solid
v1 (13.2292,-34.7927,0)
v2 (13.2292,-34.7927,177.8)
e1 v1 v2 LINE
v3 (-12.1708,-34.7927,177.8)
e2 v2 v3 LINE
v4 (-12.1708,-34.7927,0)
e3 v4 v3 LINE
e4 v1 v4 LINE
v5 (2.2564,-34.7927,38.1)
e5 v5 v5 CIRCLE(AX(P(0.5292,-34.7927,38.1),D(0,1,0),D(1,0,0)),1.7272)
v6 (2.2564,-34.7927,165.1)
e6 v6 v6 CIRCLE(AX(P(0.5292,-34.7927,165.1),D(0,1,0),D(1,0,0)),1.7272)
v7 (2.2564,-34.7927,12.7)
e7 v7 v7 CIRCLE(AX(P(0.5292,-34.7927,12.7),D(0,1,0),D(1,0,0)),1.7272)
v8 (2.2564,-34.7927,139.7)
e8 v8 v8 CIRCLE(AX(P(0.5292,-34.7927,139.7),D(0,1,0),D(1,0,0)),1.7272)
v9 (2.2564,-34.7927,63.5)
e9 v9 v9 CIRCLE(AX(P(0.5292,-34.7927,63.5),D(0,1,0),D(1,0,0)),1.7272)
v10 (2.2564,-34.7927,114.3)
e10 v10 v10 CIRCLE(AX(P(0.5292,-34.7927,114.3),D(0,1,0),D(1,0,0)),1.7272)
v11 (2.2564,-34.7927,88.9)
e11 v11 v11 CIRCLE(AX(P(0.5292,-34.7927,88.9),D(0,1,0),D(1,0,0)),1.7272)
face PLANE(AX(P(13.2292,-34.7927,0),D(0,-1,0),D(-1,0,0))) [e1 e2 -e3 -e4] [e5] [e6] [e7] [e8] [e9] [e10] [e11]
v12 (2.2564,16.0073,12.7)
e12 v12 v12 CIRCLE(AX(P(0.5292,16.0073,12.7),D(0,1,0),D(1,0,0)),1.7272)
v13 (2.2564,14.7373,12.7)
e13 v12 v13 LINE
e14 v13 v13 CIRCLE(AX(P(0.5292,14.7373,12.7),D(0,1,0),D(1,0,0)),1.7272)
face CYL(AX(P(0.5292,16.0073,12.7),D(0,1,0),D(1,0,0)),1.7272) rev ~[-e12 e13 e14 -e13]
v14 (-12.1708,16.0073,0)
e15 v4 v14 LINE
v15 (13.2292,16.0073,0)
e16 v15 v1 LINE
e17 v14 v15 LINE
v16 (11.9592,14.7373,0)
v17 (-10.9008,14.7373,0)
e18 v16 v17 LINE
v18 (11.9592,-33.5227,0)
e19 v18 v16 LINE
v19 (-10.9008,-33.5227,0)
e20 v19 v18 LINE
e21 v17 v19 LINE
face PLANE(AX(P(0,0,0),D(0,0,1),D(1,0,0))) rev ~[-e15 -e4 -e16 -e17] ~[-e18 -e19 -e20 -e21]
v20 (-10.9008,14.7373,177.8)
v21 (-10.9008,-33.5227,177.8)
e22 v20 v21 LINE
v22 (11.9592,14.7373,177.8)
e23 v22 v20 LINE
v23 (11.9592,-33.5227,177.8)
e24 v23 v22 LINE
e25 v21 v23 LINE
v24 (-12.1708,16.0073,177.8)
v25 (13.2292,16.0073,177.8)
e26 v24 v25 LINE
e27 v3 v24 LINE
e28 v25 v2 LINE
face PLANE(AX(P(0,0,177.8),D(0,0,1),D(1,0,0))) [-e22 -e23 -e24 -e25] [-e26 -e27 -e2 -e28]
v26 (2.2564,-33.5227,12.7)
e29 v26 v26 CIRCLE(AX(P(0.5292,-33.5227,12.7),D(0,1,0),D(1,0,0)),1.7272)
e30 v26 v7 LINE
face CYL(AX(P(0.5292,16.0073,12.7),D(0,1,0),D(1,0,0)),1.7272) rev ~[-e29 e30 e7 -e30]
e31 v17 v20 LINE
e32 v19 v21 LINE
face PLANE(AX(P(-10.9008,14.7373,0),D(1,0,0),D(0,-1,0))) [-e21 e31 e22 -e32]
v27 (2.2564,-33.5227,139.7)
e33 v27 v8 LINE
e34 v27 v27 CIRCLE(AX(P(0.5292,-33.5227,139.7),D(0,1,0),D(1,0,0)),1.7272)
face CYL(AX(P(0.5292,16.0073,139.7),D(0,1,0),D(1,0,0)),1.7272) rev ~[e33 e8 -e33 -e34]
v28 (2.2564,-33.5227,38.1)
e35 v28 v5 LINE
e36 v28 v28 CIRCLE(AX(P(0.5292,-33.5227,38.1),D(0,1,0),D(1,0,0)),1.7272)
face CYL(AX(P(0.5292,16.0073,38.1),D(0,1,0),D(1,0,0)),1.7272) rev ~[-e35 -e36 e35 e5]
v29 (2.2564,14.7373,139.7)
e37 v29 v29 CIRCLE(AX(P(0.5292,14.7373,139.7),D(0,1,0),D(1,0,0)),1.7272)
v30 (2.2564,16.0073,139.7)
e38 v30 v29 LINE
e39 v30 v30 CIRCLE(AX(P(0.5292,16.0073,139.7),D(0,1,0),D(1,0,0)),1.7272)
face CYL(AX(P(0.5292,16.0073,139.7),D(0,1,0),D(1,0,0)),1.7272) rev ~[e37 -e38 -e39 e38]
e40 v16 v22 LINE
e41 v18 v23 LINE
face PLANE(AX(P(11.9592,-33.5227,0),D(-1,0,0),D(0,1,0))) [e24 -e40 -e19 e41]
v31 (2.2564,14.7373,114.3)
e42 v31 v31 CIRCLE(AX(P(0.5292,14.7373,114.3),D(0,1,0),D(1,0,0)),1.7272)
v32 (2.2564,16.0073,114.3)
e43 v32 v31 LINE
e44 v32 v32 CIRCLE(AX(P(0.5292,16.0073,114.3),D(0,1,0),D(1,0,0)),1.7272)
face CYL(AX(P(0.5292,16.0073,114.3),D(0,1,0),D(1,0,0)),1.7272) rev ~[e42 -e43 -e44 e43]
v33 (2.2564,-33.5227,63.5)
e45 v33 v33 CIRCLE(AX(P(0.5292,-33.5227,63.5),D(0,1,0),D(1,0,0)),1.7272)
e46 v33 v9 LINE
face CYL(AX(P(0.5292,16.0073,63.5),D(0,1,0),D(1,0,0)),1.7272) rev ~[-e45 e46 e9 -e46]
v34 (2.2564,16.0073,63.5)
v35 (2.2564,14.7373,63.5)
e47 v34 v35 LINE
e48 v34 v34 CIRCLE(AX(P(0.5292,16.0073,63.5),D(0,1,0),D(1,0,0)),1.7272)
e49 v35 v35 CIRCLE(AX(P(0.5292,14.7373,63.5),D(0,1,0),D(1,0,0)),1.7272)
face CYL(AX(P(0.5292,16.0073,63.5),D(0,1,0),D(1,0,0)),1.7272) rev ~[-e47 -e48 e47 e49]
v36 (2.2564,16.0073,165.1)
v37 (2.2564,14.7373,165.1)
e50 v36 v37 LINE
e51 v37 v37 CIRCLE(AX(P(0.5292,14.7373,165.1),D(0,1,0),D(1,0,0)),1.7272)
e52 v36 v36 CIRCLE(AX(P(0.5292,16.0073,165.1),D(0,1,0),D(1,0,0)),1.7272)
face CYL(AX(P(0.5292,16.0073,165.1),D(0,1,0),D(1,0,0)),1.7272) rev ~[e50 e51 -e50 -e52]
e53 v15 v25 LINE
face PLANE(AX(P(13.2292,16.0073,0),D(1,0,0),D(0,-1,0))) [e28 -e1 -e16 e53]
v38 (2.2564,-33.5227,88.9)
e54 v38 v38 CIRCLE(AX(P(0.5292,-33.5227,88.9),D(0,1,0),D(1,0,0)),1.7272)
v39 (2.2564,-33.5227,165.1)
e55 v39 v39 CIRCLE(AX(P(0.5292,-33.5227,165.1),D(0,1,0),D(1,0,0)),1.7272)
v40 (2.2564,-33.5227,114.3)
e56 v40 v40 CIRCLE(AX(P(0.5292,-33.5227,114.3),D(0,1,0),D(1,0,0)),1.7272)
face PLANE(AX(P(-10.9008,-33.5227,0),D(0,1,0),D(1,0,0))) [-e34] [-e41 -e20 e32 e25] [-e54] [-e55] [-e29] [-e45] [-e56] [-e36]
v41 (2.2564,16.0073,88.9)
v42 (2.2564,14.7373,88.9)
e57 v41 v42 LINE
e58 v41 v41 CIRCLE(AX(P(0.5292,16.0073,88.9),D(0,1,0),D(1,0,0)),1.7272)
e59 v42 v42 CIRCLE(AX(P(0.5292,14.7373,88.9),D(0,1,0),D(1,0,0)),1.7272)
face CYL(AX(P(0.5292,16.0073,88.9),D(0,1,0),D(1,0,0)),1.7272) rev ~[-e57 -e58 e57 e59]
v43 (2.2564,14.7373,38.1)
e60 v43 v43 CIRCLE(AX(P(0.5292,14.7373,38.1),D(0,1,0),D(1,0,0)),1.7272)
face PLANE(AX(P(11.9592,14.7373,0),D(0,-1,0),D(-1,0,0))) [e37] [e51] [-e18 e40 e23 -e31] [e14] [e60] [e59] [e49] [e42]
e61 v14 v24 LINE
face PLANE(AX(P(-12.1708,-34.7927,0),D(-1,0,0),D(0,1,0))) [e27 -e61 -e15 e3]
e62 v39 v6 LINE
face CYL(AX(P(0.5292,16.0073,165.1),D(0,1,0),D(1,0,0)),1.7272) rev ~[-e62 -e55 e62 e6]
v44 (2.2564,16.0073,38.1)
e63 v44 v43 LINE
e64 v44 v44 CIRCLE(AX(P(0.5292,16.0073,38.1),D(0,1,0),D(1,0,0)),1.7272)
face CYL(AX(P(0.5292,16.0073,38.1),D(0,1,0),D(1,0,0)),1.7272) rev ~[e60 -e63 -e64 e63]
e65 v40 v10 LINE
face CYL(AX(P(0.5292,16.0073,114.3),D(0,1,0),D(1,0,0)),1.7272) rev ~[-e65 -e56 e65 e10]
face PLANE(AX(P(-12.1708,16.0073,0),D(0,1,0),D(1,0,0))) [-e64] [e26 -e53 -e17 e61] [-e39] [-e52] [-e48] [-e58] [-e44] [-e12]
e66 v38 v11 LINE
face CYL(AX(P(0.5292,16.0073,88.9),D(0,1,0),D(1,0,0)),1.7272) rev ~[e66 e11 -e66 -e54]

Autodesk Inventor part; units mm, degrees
ref_plane "YZ Plane" through (0, 0, 0) normal (1, 0, 0) x (0, 1, 0)
ref_plane "XZ Plane" through (0, 0, 0) normal (0, 1, 0) x (-1, 0, 0)
ref_plane "XY Plane" through (0, 0, 0) normal (0, 0, 1) x (1, 0, 0)
sketch "Sketch1" plane through (0, 0, 0) normal (0, 0, 1) x (1, 0, 0)
  line L0 (-12.1708, 16.0073) -> (13.2292, 16.0073)
  line L1 (13.2292, 16.0073) -> (13.2292, -34.7927)
  line L2 (13.2292, -34.7927) -> (-12.1708, -34.7927)
  line L3 (-12.1708, -34.7927) -> (-12.1708, 16.0073)
  line L4 (11.9592, 14.7373) -> (-10.9008, 14.7373)
  line L5 (-10.9008, 14.7373) -> (-10.9008, -33.5227)
  line L6 (-10.9008, -33.5227) -> (11.9592, -33.5227)
  line L7 (11.9592, -33.5227) -> (11.9592, 14.7373)
  point P0 (0, 0)
  dimension "d0" = 25.4
  dimension "d1" = 50.8
  dimension "d2" = 1.27
extrude "Extrusion1" add sketch "Sketch1" along normal blind 177.8
sketch "Sketch2" plane through (-12.1708, 16.0073, 0) normal (0, 1, 0) x (1, 0, 0)
  circle A0 centre (12.7, -12.7) radius 1.7272
  line L0 (25.4, 0) -> (0, 0) projected
  line L1 (0, 0) -> (0, -177.8) projected
  point P0 (12.1708, 0)
  dimension "d5" = 3.4544
  dimension "d6" = 12.7
  dimension "d7" = 12.7
extrude "Extrusion2" cut sketch "Sketch2" against normal through all
pattern_linear "Rectangular Pattern1" count 18 spacing 25.4 along (0, 0, 1) of "Extrusion2"
equation "\"d3\" = d13"
equation "\"d10\" = d14"
equation "\"d13\" = 177.8"
equation "\"d14\" = d13"
properties part number "VersaFrame(SwerveCrossbarsB)"
